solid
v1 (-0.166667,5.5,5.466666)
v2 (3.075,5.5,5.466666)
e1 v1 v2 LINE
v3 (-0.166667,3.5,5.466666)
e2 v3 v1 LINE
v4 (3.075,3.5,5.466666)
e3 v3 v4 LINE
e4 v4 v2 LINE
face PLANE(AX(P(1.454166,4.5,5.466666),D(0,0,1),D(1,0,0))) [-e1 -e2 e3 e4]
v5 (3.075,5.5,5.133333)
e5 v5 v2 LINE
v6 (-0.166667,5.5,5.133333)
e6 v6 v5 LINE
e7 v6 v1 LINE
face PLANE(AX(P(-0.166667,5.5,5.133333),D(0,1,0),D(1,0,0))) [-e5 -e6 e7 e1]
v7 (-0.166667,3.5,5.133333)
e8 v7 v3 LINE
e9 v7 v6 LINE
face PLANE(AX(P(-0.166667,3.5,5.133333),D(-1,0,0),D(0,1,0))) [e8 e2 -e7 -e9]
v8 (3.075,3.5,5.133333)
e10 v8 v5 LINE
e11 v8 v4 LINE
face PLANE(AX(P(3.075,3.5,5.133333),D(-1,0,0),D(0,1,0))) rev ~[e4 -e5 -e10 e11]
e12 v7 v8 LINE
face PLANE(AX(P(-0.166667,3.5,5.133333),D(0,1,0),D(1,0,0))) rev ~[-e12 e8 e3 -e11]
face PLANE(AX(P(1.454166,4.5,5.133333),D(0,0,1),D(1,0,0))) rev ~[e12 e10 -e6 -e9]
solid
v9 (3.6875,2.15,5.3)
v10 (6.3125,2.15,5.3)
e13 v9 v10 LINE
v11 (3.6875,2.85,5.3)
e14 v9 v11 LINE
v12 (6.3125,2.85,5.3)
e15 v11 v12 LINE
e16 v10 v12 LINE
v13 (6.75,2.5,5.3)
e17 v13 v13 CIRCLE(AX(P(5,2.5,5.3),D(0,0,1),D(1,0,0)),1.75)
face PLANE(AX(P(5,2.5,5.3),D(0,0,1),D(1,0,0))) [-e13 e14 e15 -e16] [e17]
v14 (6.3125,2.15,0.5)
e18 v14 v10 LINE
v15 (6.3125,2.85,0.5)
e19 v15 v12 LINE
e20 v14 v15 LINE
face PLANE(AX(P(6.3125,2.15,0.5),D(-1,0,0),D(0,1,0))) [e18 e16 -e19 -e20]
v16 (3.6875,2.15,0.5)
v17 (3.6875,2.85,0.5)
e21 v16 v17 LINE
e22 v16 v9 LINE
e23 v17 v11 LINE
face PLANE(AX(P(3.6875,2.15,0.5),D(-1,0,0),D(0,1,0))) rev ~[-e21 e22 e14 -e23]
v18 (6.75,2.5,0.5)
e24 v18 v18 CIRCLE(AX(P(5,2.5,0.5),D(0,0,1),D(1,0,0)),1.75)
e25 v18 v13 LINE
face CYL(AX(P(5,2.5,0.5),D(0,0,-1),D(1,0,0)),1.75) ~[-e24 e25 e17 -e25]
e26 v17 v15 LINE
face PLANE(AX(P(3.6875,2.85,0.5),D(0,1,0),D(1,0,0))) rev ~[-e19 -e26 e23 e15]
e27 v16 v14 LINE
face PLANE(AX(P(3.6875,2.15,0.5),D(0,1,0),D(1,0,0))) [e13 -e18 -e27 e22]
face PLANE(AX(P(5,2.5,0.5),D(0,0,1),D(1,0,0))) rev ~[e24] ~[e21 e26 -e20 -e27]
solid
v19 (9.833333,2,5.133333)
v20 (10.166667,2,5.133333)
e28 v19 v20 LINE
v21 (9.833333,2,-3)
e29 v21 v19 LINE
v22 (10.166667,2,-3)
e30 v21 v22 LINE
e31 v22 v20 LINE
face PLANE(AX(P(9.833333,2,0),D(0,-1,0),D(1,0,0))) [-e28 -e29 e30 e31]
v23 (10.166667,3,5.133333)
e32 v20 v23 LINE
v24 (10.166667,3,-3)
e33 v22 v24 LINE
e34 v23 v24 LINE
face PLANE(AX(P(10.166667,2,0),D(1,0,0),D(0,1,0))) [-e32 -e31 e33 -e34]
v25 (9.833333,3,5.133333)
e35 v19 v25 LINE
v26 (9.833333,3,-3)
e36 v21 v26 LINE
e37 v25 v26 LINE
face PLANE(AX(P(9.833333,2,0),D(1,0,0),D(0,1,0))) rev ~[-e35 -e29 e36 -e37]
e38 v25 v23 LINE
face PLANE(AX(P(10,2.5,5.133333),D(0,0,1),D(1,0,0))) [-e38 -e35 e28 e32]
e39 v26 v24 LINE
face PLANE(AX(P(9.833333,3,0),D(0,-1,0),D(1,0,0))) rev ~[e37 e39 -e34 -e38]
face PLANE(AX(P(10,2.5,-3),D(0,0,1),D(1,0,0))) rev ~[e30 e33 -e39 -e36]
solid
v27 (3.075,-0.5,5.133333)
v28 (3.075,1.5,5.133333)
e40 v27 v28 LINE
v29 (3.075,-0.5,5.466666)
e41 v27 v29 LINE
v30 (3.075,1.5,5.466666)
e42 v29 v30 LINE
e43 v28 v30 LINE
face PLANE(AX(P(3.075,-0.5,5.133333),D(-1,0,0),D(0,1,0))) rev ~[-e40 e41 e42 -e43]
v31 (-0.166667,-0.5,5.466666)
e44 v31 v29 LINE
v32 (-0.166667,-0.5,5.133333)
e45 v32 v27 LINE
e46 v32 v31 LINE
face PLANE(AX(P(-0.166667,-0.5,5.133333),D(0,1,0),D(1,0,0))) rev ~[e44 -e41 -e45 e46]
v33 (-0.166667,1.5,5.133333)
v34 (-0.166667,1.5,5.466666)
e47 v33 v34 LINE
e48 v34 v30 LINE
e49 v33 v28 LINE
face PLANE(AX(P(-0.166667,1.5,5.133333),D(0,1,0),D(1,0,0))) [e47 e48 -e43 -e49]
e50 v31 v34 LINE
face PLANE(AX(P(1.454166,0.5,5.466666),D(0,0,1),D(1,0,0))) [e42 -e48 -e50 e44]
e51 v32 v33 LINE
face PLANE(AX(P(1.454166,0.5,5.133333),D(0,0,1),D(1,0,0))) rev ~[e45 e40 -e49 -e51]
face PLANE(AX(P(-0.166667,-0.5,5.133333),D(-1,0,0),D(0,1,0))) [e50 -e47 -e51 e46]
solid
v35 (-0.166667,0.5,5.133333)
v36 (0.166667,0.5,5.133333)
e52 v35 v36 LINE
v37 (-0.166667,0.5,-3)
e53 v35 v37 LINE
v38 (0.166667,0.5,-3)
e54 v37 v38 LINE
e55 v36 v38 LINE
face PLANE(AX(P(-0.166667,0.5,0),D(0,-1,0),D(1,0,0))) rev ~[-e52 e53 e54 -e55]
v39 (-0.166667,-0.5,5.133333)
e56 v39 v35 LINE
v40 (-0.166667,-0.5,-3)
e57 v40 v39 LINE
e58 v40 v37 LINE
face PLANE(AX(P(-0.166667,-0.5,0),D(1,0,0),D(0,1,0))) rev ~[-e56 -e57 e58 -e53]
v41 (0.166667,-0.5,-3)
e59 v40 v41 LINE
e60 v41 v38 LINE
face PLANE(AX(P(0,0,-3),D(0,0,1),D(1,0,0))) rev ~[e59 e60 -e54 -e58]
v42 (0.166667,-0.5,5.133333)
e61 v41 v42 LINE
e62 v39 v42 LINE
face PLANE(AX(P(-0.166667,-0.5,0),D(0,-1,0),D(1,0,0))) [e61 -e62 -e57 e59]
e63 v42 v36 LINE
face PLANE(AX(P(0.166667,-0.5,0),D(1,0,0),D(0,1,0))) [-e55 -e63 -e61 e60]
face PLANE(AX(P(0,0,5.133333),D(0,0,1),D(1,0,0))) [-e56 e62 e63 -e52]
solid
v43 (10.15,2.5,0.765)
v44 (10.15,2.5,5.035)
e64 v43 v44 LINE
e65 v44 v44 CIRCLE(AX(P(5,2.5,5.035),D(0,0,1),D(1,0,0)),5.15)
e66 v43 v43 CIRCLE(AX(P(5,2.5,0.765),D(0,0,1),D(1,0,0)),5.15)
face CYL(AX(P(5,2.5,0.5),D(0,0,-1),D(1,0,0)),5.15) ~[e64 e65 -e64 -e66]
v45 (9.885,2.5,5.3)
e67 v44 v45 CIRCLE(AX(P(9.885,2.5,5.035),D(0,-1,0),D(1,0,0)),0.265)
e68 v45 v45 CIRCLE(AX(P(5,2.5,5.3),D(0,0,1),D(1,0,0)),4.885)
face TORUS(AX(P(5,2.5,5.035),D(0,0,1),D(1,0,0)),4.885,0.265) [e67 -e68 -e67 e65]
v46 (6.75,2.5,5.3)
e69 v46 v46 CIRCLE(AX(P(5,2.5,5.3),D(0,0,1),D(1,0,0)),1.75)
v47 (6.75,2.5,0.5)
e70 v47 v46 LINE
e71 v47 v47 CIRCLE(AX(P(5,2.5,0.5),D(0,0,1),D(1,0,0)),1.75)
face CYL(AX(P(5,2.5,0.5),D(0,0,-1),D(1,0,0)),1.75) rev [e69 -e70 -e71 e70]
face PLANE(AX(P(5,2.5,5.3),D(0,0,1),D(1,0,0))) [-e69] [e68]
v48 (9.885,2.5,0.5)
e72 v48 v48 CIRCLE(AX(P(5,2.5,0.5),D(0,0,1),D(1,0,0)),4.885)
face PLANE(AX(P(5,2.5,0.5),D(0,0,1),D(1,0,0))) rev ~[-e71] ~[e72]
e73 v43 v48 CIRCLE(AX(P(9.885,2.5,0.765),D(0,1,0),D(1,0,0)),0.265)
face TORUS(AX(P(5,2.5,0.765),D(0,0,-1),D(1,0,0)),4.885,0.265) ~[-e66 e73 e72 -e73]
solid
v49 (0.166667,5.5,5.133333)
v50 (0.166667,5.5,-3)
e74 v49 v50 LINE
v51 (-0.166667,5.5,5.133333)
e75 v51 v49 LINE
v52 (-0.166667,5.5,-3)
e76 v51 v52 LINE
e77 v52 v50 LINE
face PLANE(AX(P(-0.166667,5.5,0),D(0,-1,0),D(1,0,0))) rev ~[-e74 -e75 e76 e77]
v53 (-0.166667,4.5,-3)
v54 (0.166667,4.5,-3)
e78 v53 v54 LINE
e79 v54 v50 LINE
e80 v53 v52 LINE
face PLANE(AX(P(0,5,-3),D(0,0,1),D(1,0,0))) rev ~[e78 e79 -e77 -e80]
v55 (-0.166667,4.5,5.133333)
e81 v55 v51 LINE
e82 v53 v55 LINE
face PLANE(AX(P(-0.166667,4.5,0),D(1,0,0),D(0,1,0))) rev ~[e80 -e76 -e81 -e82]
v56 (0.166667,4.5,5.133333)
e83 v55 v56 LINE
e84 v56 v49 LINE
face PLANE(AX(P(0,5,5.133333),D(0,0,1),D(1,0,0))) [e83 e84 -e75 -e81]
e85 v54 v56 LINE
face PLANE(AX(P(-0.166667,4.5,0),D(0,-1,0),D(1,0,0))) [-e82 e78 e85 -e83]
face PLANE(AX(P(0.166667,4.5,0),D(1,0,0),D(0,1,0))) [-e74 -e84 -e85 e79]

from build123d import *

# Parameters (mm, degrees)
SKETCH003_W       = 0.333334
SKETCH003_H       = 1
PAD002_DEPTH      = 5.133333
PAD002_DEPTH_BACK = 3
SKETCH004_R       = 1.75
SKETCH004_W       = 2.625
SKETCH004_H       = 0.7
PAD003_DEPTH      = 4.8
SKETCH_R          = 5.15
SKETCH_R_2        = 1.75
PAD_DEPTH         = 4.8
FILLET_R          = 0.265
SKETCH005_W       = 3.241667
SKETCH005_H       = 2
PAD004_DEPTH      = 0.333333


with BuildPart() as pad002:
    # Sketch003 → Pad002 (new body, two sides)
    with BuildSketch(Plane(origin=(0, 5, 0), x_dir=(1, 0, 0), z_dir=(0, 0, 1))) as pad002_sk:
        Rectangle(SKETCH003_W, SKETCH003_H)
        with Locations((10, -2.5)):
            Rectangle(SKETCH003_W, SKETCH003_H)
        with Locations((0, -5)):
            Rectangle(SKETCH003_W, SKETCH003_H)
    extrude(amount=PAD002_DEPTH)
    extrude(pad002_sk.sketch, amount=-PAD002_DEPTH_BACK)


with BuildPart() as pad003:
    # Sketch004 → Pad003 (new body)
    with BuildSketch(Plane(origin=(0, 5, 0.5), x_dir=(1, 0, 0), z_dir=(0, 0, 1))):
        with Locations((5, -2.5)):
            Circle(SKETCH004_R)
        with Locations((5, -2.5)):
            Rectangle(SKETCH004_W, SKETCH004_H, mode=Mode.SUBTRACT)
    extrude(amount=PAD003_DEPTH)


with BuildPart() as fillet_body:
    # Sketch → Pad (new body)
    with BuildSketch(Plane(origin=(0, 5, 0.5), x_dir=(1, 0, 0), z_dir=(0, 0, 1))):
        with Locations((5, -2.5)):
            Circle(SKETCH_R)
        with Locations((5, -2.5)):
            Circle(SKETCH_R_2, mode=Mode.SUBTRACT)
    extrude(amount=PAD_DEPTH)

    # Fillet
    fillet_edges = [fillet_body.edges().sort_by_distance(p)[0] for p in [
        (-0.15, 2.5, 0.5),
        (-0.15, 2.5, 5.3),
    ]]
    fillet(fillet_edges, radius=FILLET_R)


with BuildPart() as pad004:
    # Sketch005 → Pad004 (new body)
    with BuildSketch(Plane(origin=(0, 5, 5.133333), x_dir=(1, 0, 0), z_dir=(0, 0, 1))):
        with Locations((1.454166, -0.5)):
            Rectangle(SKETCH005_W, SKETCH005_H)
        with Locations((1.454166, -4.5)):
            Rectangle(SKETCH005_W, SKETCH005_H)
    extrude(amount=PAD004_DEPTH)


solid = Compound([pad002.part, pad003.part, fillet_body.part, pad004.part])
